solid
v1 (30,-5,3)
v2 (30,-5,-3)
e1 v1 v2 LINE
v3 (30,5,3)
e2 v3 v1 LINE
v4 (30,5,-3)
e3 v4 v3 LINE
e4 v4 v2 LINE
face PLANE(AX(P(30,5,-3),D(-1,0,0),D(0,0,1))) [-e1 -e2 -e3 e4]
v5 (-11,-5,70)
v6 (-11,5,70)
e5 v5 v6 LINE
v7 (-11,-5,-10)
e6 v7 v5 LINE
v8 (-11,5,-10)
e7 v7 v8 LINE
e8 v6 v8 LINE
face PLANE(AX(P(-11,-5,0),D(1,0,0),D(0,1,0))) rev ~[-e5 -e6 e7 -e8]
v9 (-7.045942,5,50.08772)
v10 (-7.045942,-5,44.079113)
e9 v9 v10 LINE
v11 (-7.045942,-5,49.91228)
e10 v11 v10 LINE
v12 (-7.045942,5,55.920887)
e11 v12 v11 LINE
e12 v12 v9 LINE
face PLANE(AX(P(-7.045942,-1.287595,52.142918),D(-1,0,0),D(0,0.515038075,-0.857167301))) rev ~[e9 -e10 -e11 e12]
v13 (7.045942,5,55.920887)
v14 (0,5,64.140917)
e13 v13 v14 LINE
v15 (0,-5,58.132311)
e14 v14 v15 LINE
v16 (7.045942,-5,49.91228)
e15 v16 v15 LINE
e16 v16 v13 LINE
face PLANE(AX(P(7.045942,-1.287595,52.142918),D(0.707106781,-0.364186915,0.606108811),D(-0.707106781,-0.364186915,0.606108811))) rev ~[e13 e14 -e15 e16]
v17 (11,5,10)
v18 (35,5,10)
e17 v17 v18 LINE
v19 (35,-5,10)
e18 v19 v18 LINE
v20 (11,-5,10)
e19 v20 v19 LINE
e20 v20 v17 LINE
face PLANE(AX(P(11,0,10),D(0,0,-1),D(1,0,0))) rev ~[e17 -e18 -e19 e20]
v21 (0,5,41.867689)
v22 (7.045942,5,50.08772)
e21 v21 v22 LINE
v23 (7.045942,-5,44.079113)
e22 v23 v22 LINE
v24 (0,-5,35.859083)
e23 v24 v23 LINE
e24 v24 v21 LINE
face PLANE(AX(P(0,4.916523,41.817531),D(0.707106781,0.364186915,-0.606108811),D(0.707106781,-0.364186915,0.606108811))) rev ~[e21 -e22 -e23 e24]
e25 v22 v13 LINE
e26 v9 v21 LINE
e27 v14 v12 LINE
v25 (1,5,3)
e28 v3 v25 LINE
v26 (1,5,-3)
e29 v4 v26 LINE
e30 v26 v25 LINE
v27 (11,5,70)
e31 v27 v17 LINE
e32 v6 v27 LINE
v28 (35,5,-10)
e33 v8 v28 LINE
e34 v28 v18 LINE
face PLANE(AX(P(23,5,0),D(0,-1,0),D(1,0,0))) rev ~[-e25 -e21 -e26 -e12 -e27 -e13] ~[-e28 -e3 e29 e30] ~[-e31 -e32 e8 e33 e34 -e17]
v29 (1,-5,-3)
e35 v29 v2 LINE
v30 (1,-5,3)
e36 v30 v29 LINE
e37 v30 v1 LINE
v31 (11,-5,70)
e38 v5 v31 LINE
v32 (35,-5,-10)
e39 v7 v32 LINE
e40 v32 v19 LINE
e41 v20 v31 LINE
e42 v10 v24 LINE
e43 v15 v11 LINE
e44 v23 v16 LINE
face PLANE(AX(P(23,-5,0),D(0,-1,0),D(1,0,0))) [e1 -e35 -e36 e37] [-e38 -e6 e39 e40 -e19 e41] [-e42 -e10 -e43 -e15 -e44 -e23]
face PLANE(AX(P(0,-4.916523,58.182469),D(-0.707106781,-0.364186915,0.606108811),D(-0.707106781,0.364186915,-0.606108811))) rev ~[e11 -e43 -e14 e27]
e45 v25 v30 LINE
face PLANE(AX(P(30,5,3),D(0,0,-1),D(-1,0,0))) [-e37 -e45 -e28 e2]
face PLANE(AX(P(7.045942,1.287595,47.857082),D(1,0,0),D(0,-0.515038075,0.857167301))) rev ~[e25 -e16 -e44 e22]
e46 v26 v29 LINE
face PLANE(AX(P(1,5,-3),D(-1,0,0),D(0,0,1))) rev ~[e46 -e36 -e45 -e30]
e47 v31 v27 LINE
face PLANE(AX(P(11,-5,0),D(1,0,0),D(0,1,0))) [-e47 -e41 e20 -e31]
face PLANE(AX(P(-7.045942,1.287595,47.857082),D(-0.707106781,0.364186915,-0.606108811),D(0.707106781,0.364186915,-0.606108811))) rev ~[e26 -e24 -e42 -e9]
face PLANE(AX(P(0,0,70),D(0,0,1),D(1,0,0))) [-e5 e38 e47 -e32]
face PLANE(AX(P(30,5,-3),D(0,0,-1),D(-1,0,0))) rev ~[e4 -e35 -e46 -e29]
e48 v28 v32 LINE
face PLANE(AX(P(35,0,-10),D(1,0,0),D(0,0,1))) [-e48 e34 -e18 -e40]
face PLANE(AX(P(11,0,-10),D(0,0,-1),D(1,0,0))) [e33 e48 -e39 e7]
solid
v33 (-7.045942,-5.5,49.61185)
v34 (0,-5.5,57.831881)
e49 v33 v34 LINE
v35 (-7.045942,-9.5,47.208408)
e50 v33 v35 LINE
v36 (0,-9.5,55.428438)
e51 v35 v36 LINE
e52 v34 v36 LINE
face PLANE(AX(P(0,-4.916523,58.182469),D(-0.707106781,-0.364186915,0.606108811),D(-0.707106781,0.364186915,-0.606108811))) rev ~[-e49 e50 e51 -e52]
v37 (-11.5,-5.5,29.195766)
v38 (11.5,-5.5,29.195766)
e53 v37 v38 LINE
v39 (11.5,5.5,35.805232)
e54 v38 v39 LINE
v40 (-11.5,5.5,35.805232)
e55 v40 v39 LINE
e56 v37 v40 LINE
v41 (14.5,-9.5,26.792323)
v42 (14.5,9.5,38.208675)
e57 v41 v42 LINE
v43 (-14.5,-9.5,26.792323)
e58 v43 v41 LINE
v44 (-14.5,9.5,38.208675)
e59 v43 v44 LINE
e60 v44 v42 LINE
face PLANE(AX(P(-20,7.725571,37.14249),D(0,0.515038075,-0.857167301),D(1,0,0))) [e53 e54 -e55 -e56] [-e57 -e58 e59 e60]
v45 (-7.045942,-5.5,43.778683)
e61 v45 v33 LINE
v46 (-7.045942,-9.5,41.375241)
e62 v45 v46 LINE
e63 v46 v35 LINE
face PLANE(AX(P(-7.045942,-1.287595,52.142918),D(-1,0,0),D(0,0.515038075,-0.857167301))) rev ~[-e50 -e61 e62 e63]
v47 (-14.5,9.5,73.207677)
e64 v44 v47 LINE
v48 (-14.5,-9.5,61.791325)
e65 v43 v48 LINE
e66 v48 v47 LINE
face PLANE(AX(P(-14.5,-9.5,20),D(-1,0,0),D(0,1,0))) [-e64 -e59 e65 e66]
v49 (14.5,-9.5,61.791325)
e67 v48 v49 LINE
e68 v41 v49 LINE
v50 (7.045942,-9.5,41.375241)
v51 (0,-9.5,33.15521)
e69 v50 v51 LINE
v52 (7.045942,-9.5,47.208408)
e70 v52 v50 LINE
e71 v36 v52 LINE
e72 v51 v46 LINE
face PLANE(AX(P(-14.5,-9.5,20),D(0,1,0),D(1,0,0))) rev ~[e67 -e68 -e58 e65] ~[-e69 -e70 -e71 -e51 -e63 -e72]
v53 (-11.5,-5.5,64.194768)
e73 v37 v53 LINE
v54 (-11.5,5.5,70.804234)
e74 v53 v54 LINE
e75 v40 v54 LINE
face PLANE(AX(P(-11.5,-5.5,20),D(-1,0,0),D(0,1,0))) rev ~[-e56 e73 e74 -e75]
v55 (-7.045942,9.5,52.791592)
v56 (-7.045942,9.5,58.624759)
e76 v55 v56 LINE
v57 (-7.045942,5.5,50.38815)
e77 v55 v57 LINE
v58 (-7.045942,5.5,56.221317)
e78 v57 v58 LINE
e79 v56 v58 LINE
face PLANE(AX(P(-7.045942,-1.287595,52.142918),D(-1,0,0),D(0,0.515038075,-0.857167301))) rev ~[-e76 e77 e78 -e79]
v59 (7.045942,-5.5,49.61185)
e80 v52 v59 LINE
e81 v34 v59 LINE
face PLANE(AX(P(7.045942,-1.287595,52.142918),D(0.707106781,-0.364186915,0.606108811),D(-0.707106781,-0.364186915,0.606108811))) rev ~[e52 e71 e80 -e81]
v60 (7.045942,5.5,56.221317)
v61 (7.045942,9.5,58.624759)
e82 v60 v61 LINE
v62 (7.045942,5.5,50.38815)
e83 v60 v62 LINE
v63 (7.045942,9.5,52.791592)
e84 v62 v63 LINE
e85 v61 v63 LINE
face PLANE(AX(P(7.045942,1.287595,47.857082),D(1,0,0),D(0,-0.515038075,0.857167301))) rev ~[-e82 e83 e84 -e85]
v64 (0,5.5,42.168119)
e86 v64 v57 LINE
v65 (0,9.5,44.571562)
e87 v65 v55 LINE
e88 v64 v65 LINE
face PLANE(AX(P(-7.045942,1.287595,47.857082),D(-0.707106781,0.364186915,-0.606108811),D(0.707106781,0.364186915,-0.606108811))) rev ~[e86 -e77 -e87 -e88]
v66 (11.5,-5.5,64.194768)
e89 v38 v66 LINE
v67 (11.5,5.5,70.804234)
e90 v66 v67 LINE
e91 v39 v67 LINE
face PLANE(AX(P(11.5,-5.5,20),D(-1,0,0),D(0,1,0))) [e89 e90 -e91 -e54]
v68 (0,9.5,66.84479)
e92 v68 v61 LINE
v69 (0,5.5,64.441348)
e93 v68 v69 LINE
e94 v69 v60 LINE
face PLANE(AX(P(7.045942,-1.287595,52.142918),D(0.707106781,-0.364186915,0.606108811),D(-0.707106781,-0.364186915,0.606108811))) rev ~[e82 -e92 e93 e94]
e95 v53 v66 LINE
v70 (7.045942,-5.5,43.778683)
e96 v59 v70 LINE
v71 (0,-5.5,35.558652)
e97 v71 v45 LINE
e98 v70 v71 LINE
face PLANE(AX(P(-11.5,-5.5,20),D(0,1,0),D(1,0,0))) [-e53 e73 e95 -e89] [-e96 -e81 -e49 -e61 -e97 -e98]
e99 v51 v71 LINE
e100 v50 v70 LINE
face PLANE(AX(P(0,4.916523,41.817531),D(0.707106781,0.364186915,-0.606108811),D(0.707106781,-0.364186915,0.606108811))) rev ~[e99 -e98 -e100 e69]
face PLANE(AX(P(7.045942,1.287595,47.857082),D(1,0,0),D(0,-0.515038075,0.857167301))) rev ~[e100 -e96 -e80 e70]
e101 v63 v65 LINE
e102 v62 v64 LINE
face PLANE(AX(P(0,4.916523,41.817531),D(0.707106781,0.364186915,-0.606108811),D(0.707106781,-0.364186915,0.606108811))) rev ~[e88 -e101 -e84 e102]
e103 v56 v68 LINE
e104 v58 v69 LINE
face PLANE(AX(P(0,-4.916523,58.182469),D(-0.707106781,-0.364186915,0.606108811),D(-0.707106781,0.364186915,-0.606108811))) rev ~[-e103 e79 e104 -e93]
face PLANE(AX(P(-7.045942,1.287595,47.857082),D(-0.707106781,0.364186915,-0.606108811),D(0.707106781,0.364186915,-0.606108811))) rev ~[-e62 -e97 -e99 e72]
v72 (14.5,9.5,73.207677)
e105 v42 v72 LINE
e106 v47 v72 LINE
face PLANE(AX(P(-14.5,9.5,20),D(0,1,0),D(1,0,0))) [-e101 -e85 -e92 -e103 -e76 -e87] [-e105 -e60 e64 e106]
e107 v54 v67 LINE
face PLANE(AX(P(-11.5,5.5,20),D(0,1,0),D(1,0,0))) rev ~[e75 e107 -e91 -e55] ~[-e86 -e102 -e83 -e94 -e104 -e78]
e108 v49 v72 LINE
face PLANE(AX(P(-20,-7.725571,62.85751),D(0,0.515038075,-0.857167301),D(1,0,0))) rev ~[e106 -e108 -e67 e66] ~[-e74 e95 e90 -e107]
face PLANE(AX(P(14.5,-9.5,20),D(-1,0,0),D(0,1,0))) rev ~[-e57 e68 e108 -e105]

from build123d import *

# Parameters (mm, degrees)
F0_W          = 22
F0_H          = 10
F1_DEPTH      = 70
F1_DEPTH_BACK = 10
F2_START      = 20
F0_W_2        = 29
F0_H_2        = 19
F0_W_3        = 23
F0_H_3        = 11
F2_DEPTH      = 60
F4_DEPTH      = 25
F5_ANGLE      = -31
F3_W          = 40
F3_H          = 30
F7_DEPTH      = 25
F8_ANGLE      = -31
F10_W         = 24
F10_H         = 20
F11_DEPTH     = 5
F12_W         = 29
F12_H         = 6
F13_DEPTH     = 25


with BuildPart() as f1:
    # F0 (on Top) → F1 (new body, two sides)
    with BuildSketch(Plane.XY) as f1_sk:
        Rectangle(F0_W, F0_H)
    extrude(amount=F1_DEPTH)
    extrude(f1_sk.sketch, amount=-F1_DEPTH_BACK)


with BuildPart() as f2:
    # F0 (on Top) → F2 (new body)
    with BuildSketch(Plane.XY.offset(F2_START)):
        Rectangle(F0_W_2, F0_H_2)
        Rectangle(F0_W_3, F0_H_3, mode=Mode.SUBTRACT)
    extrude(amount=F2_DEPTH)


with BuildPart() as f4:
    # F3 (on Front) → F4 (new body, symmetric)
    with BuildSketch(Plane.XZ):
        Polygon((7.045941546, 52.5), (0, 59.545941546), (-7.045941546, 52.5), (-7.045941546, 47.5), (0, 40.454058454), (7.045941546, 47.5), align=None)
    extrude(amount=F4_DEPTH, both=True)


with BuildPart() as f4_1:
    # F5: moved
    add(f4.part.rotate(Axis((-13.5051338822, 0, 50), (-1, 0, 0)), F5_ANGLE))


with BuildPart() as f2_1:
    add(f2.part)

    # F6: cut F4
    add(f4_1.part, mode=Mode.SUBTRACT)


with BuildPart() as f1_1:
    add(f1.part)

    # F6: cut F4
    add(f4_1.part, mode=Mode.SUBTRACT)

    # F10 (on Front) → F11 (join, symmetric)
    with BuildSketch(Plane.XZ):
        with Locations((23, 0)):
            Rectangle(F10_W, F10_H)
    extrude(amount=F11_DEPTH, both=True)

    # F12 (on face) → F13 (cut)
    with BuildSketch(Plane(origin=(0, 5, 0), x_dir=(-1, 0, 0), z_dir=(0, 1, 0))):
        with Locations((-15.5, 0)):
            Rectangle(F12_W, F12_H)
    extrude(amount=-F13_DEPTH, mode=Mode.SUBTRACT)


with BuildPart() as f7:
    # F3 (on Front) → F7 (new body, symmetric)
    with BuildSketch(Plane.XZ):
        with Locations((0, 50)):
            Rectangle(F3_W, F3_H)
        Polygon((-7.045941546, 52.5), (0, 59.545941546), (7.045941546, 52.5), (7.045941546, 47.5), (0, 40.454058454), (-7.045941546, 47.5), align=None, mode=Mode.SUBTRACT)
        Polygon((7.045941546, 52.5), (0, 59.545941546), (-7.045941546, 52.5), (-7.045941546, 47.5), (0, 40.454058454), (7.045941546, 47.5), align=None)
    extrude(amount=F7_DEPTH, both=True)


with BuildPart() as f7_1:
    # F8: moved
    add(f7.part.rotate(Axis((-13.5051338822, 0, 50), (-1, 0, 0)), F8_ANGLE))

    # F9: intersect F2
    add(f2_1.part, mode=Mode.INTERSECT)


solid = Compound([f1_1.part, f7_1.part])
